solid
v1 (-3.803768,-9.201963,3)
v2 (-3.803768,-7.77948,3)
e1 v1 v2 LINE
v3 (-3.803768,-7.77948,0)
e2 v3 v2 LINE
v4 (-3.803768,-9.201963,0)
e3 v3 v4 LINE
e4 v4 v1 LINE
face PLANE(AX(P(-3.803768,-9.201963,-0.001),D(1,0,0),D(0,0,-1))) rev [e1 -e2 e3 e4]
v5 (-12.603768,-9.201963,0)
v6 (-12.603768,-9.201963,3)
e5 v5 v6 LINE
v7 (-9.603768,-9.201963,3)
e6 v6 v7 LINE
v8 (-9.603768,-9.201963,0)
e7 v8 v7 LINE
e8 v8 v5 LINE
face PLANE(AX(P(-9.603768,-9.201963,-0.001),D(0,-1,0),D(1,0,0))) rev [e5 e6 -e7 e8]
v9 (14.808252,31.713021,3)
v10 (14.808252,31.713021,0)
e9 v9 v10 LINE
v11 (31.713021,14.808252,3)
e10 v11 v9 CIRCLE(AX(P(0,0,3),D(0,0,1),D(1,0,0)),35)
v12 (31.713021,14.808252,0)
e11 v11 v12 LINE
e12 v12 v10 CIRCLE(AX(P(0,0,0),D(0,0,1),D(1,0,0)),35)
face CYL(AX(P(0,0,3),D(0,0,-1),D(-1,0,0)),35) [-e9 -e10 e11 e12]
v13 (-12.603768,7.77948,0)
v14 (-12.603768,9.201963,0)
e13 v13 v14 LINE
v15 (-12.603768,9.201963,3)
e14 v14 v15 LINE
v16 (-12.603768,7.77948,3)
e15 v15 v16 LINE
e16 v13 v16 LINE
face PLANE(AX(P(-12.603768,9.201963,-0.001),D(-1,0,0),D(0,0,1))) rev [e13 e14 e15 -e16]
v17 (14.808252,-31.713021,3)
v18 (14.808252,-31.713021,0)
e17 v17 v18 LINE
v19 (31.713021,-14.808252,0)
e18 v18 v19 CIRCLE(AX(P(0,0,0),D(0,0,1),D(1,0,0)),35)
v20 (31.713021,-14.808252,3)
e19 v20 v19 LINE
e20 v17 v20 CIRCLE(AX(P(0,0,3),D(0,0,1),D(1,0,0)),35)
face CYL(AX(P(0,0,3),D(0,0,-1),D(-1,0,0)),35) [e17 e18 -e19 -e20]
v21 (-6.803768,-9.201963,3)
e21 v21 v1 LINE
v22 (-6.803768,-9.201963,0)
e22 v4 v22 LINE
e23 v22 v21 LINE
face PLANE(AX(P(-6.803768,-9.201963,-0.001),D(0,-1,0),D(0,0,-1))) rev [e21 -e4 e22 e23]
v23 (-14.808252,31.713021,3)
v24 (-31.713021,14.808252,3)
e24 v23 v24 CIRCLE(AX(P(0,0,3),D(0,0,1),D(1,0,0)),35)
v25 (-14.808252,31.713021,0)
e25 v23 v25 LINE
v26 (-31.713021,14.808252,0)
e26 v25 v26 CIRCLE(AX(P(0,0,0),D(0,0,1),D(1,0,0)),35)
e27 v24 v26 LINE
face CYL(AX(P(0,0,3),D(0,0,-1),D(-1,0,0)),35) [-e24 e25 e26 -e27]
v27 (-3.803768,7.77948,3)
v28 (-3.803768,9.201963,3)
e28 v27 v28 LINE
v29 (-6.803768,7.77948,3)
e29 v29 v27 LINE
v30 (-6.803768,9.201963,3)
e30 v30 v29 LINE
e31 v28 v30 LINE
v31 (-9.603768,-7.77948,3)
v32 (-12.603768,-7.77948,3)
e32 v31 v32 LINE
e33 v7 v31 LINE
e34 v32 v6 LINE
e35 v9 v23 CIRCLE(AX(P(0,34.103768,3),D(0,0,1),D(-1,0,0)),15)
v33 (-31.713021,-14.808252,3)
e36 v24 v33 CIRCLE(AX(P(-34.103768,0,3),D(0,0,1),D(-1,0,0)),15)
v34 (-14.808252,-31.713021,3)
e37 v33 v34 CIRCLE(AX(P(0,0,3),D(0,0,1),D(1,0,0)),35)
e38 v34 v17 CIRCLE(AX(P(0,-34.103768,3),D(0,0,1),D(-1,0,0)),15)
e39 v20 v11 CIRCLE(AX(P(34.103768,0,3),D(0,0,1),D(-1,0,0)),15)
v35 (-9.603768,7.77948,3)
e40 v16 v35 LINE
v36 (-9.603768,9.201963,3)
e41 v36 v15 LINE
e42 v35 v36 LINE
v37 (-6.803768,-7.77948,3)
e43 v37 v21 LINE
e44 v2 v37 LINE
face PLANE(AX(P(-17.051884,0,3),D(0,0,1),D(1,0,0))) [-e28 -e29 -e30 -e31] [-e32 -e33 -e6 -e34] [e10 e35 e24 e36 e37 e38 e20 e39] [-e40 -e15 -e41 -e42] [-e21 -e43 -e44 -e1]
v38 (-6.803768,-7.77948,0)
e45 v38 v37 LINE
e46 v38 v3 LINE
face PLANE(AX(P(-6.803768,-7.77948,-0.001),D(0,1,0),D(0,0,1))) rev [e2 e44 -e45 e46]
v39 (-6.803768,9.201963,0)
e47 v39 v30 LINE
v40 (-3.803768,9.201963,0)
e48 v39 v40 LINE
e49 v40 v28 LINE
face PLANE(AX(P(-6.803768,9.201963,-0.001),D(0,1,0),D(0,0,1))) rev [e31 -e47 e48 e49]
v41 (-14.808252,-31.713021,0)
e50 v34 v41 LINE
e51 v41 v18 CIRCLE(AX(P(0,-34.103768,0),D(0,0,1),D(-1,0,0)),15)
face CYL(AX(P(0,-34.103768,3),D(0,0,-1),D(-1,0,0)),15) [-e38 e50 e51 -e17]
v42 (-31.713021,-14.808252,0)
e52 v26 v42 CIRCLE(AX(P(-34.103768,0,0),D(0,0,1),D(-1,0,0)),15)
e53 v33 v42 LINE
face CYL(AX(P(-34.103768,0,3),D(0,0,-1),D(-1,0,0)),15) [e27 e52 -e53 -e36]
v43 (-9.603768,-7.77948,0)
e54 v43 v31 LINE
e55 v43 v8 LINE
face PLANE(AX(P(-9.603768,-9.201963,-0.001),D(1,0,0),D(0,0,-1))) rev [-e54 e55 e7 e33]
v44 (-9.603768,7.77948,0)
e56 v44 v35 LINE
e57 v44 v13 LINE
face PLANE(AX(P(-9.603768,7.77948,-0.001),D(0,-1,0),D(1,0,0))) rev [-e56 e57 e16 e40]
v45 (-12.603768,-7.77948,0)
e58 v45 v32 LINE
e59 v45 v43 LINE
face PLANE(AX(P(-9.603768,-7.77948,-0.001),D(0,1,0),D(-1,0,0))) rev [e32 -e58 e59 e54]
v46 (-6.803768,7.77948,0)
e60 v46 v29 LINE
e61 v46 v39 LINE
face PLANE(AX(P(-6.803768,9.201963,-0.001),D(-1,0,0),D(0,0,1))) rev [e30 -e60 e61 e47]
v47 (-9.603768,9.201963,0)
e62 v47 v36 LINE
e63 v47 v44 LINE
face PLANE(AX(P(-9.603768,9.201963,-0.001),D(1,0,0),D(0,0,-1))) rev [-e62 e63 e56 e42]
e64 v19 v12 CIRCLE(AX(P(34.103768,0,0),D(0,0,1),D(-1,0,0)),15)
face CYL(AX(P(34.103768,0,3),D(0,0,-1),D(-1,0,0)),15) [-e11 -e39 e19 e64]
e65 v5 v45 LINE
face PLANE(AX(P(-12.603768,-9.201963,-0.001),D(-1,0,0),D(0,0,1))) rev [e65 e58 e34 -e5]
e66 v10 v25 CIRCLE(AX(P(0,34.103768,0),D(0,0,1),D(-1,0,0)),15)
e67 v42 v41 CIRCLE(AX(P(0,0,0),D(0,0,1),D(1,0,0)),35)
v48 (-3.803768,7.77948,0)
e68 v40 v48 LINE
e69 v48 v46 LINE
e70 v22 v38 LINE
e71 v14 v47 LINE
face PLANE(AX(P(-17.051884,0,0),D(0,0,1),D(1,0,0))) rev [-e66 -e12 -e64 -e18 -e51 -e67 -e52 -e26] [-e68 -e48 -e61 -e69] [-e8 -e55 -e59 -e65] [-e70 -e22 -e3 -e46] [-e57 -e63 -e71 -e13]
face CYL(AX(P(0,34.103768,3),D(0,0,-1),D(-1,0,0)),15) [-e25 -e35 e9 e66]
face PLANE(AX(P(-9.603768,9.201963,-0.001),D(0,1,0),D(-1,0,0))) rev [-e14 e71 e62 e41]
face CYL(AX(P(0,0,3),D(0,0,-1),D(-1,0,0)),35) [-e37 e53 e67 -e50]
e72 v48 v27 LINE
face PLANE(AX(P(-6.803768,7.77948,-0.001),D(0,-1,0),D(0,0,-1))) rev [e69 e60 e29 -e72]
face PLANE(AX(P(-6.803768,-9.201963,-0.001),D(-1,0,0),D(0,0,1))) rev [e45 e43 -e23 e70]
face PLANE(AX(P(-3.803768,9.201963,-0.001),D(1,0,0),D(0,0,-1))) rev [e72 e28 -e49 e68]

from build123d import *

# Parameters (mm, degrees)
SALIENTE_EXTRUIR1_DEPTH = 3
CORTAR_EXTRUIR1_REACH   = 71.508
CROQUIS4_W              = 3
CROQUIS4_H              = 1.42248357


with BuildPart() as part:
    # Croquis1 → Saliente-Extruir1 (new body)
    with BuildSketch(Plane.XY):
        with BuildLine():
            ThreePointArc((-31.713020554, -14.808252002), (-24.748737342, -24.748737342), (-14.808252002, -31.713020554))
            ThreePointArc((-14.808252002, -31.713020554), (0, -49.10376785), (14.808252002, -31.713020554))
            ThreePointArc((14.808252002, -31.713020554), (24.748737342, -24.748737342), (31.713020554, -14.808252002))
            ThreePointArc((31.713020554, -14.808252002), (49.10376785, 0), (31.713020554, 14.808252002))
            ThreePointArc((31.713020554, 14.808252002), (24.748737342, 24.748737342), (14.808252002, 31.713020554))
            ThreePointArc((14.808252002, 31.713020554), (0, 49.10376785), (-14.808252002, 31.713020554))
            ThreePointArc((-14.808252002, 31.713020554), (-24.748737342, 24.748737342), (-31.713020554, 14.808252002))
            ThreePointArc((-31.713020554, 14.808252002), (-49.10376785, 0), (-31.713020554, -14.808252002))
        make_face()
    extrude(amount=SALIENTE_EXTRUIR1_DEPTH)

    # Croquis4 → Cortar-Extruir1 (cut, up to next)
    with BuildSketch(Plane.XY.offset(3), mode=Mode.PRIVATE) as cortar_extruir1_sk1:
        with Locations((-5.30376785, -8.49072148)):
            Rectangle(CROQUIS4_W, CROQUIS4_H)
    cortar_extruir1_tool1 = extrude(cortar_extruir1_sk1.sketch, amount=-CORTAR_EXTRUIR1_REACH, mode=Mode.PRIVATE) & part.part
    # Croquis4 → Cortar-Extruir1 (cut, up to next)
    with BuildSketch(Plane.XY.offset(3), mode=Mode.PRIVATE) as cortar_extruir1_sk2:
        with Locations((-5.30376785, 8.49072148)):
            Rectangle(CROQUIS4_W, CROQUIS4_H)
    cortar_extruir1_tool2 = extrude(cortar_extruir1_sk2.sketch, amount=-CORTAR_EXTRUIR1_REACH, mode=Mode.PRIVATE) & part.part
    # Croquis4 → Cortar-Extruir1 (cut, up to next)
    with BuildSketch(Plane.XY.offset(3), mode=Mode.PRIVATE) as cortar_extruir1_sk3:
        with Locations((-11.10376785, 8.49072148)):
            Rectangle(CROQUIS4_W, CROQUIS4_H)
    cortar_extruir1_tool3 = extrude(cortar_extruir1_sk3.sketch, amount=-CORTAR_EXTRUIR1_REACH, mode=Mode.PRIVATE) & part.part
    # Croquis4 → Cortar-Extruir1 (cut, up to next)
    with BuildSketch(Plane.XY.offset(3), mode=Mode.PRIVATE) as cortar_extruir1_sk4:
        with Locations((-11.10376785, -8.49072148)):
            Rectangle(CROQUIS4_W, CROQUIS4_H)
    cortar_extruir1_tool4 = extrude(cortar_extruir1_sk4.sketch, amount=-CORTAR_EXTRUIR1_REACH, mode=Mode.PRIVATE) & part.part
    add(cortar_extruir1_tool1.solids().sort_by_distance((-5.303768, -8.490721, 3))[0], mode=Mode.SUBTRACT)
    add(cortar_extruir1_tool2.solids().sort_by_distance((-5.303768, 8.490721, 3))[0], mode=Mode.SUBTRACT)
    add(cortar_extruir1_tool3.solids().sort_by_distance((-11.103768, 8.490721, 3))[0], mode=Mode.SUBTRACT)
    add(cortar_extruir1_tool4.solids().sort_by_distance((-11.103768, -8.490721, 3))[0], mode=Mode.SUBTRACT)


solid = part.part
